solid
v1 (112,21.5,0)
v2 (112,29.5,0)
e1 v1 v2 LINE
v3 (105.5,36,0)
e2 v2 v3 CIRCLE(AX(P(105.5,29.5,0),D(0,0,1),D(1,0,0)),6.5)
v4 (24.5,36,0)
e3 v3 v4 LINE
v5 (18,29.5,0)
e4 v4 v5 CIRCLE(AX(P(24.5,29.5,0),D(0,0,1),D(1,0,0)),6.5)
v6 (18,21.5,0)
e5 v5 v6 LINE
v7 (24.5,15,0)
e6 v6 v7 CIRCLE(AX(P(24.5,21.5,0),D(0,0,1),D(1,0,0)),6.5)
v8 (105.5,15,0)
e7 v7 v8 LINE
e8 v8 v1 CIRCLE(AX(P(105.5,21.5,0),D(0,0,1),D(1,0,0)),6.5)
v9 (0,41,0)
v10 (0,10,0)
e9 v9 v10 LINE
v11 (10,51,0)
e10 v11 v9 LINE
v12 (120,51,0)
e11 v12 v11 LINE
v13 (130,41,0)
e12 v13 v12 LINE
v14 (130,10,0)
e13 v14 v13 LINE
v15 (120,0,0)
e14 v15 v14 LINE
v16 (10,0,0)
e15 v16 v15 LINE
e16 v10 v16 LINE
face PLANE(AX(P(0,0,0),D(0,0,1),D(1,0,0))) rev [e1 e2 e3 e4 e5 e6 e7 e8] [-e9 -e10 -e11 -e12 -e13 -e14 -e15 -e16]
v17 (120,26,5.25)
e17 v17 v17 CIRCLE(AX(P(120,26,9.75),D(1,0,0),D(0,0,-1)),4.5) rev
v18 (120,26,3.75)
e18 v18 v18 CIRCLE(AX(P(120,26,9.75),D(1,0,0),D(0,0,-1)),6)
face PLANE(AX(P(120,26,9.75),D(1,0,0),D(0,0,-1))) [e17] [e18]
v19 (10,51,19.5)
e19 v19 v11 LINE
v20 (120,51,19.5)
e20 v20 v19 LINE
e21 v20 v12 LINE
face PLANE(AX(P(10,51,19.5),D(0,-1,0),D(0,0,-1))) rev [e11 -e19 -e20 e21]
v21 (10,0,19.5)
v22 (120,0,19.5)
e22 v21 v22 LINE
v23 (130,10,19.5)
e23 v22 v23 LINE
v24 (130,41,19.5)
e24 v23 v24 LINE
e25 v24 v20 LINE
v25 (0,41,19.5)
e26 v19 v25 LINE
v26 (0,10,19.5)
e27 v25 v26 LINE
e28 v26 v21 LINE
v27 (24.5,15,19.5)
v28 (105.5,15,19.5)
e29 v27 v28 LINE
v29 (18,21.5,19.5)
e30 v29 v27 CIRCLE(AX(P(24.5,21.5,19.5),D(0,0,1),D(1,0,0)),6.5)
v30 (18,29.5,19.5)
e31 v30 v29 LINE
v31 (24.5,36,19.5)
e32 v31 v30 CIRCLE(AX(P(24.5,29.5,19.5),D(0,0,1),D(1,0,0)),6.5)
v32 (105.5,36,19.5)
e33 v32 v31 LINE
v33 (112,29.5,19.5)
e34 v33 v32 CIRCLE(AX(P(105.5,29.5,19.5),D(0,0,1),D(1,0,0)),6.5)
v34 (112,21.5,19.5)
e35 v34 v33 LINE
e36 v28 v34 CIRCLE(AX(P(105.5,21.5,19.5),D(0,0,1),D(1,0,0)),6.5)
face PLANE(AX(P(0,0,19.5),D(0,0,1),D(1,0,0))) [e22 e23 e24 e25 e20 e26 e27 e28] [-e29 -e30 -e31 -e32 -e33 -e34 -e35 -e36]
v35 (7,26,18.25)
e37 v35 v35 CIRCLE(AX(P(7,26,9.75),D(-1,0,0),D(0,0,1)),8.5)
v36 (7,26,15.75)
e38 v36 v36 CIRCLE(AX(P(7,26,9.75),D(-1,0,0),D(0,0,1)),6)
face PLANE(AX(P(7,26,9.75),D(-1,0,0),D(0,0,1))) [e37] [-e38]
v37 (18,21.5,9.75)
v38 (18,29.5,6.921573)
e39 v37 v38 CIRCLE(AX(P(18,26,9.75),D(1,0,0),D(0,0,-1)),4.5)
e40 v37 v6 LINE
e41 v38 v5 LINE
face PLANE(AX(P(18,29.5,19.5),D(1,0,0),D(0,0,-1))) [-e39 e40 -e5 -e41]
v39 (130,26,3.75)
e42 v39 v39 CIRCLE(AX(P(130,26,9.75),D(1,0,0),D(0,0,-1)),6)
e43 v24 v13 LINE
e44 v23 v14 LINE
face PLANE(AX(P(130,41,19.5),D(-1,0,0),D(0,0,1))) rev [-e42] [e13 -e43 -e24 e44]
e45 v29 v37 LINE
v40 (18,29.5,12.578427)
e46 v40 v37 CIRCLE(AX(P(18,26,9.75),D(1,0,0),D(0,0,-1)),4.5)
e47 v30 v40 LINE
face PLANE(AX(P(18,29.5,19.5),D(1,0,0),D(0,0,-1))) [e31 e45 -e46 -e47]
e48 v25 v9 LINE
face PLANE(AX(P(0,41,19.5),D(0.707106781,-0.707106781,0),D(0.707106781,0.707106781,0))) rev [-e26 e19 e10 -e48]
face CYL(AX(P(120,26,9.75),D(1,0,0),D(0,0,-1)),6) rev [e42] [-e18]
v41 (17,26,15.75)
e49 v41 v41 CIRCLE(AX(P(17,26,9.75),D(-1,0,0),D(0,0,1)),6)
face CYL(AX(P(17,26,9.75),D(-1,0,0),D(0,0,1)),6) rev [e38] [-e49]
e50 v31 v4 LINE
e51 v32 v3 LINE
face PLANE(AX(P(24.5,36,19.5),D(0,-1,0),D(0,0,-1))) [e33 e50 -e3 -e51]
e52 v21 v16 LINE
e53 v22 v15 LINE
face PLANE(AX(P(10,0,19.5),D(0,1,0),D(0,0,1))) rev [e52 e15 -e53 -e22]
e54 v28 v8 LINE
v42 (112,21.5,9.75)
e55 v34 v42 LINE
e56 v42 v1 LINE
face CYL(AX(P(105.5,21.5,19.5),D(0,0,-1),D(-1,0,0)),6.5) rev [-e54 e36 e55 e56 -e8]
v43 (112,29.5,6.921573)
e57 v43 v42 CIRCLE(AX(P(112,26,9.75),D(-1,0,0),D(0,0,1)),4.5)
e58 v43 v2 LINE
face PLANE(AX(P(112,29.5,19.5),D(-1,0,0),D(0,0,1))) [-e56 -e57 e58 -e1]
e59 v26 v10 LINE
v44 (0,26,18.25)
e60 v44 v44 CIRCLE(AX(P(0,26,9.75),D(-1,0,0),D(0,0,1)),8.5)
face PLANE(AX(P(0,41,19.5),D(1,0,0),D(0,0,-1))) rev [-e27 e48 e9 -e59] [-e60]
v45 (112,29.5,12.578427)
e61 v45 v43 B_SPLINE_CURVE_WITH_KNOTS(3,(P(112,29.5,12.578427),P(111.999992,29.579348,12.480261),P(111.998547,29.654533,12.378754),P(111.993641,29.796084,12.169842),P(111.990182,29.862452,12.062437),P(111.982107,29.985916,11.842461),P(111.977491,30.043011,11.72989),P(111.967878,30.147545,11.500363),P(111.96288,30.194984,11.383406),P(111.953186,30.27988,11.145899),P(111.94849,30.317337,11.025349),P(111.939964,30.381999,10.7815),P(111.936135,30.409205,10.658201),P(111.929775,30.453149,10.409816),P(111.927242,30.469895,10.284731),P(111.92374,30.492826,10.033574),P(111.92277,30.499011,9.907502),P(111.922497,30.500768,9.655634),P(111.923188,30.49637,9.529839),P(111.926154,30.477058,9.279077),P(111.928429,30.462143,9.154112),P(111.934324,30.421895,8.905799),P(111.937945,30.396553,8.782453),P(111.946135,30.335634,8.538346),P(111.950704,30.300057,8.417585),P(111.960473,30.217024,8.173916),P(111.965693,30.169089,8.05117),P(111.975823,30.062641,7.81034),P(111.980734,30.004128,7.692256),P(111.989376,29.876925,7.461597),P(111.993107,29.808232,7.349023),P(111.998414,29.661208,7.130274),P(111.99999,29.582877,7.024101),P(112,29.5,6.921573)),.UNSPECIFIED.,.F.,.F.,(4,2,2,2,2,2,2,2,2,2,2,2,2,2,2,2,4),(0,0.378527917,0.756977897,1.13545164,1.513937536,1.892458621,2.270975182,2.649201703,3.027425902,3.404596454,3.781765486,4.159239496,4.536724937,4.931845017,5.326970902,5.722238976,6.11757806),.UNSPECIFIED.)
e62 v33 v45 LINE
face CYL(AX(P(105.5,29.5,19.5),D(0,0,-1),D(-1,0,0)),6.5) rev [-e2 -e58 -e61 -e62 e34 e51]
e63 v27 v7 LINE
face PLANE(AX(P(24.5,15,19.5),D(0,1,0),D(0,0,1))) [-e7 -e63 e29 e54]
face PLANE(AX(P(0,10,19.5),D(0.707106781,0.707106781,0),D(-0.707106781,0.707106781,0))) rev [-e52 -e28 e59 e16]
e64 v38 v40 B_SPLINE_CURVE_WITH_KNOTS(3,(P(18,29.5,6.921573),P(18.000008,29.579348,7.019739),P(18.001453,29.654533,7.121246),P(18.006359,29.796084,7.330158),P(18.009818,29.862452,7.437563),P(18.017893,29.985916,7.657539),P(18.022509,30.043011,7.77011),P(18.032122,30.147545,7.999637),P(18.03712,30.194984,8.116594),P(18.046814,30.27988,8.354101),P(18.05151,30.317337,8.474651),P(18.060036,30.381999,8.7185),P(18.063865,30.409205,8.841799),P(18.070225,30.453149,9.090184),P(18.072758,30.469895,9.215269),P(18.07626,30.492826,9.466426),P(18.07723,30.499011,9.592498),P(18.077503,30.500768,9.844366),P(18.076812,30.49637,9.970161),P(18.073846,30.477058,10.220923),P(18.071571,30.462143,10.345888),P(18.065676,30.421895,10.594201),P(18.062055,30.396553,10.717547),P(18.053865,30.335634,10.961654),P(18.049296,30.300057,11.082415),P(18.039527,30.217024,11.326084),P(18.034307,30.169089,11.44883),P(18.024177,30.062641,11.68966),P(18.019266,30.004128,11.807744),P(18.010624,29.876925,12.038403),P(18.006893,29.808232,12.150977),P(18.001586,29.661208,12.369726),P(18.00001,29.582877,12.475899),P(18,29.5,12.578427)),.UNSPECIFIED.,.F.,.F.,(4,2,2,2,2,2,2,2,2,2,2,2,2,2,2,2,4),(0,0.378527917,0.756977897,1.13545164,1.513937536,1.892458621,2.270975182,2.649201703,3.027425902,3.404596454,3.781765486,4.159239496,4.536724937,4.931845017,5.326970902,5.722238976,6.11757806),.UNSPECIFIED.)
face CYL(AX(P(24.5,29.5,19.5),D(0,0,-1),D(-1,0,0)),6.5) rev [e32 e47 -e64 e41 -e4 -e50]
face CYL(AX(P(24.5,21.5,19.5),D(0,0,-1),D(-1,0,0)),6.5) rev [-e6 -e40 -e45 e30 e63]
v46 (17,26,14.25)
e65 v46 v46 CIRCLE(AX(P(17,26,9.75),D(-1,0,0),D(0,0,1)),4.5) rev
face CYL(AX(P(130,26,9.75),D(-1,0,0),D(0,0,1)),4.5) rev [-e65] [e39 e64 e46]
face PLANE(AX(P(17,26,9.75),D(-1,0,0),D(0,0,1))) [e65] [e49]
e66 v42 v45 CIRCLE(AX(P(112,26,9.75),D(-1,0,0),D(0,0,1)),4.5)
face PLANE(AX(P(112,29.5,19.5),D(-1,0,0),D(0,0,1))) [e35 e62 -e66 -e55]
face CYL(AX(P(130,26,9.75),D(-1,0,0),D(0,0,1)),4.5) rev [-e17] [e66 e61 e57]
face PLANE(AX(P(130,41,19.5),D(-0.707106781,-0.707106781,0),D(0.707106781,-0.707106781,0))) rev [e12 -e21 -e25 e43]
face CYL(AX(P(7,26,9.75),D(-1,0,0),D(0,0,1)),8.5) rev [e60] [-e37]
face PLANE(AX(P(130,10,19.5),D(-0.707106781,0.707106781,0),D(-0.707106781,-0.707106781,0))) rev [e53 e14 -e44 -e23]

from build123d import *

# Parameters (mm, degrees)
BOSS_EXTRUDE1_DEPTH = 19.5
SKETCH2_R           = 8.5
CUT_EXTRUDE2_DEPTH  = 7
SKETCH3_R           = 4.5
CUT_EXTRUDE3_DEPTH  = 142.000886522
SKETCH5_R           = 6
CUT_EXTRUDE4_DEPTH  = 10
CUT_EXTRUDE5_START  = -10
SKETCH6_R           = 6
CUT_EXTRUDE5_DEPTH  = 10


with BuildPart() as part:
    # Model → Boss-Extrude1 (new body)
    with BuildSketch(Plane.XY):
        Polygon((0, 41), (0, 10), (10, 0), (120, 0), (130, 10), (130, 41), (120, 51), (10, 51), align=None)
        with BuildLine():
            Line((24.5, 15), (105.5, 15))
            ThreePointArc((105.5, 15), (110.096194078, 16.903805922), (112, 21.5))
            Line((112, 21.5), (112, 29.5))
            ThreePointArc((112, 29.5), (110.096194078, 34.096194078), (105.5, 36))
            Line((105.5, 36), (24.5, 36))
            ThreePointArc((24.5, 36), (19.903805922, 34.096194078), (18, 29.5))
            Line((18, 29.5), (18, 21.5))
            ThreePointArc((18, 21.5), (19.903805922, 16.903805922), (24.5, 15))
        make_face(mode=Mode.SUBTRACT)
    extrude(amount=BOSS_EXTRUDE1_DEPTH)

    # Sketch2 → Cut-Extrude2 (cut)
    with BuildSketch(Plane.ZY):
        with Locations((9.75, 26)):
            Circle(SKETCH2_R)
    extrude(amount=-CUT_EXTRUDE2_DEPTH, mode=Mode.SUBTRACT)

    # Sketch3 → Cut-Extrude3 (cut, through all)
    with BuildSketch(Plane.ZY):
        with Locations((9.75, 26)):
            Circle(SKETCH3_R)
    extrude(amount=-CUT_EXTRUDE3_DEPTH, mode=Mode.SUBTRACT)

    # Sketch5 → Cut-Extrude4 (cut)
    with BuildSketch(Plane.ZY.offset(-7)):
        with Locations((9.75, 26)):
            Circle(SKETCH5_R)
    extrude(amount=-CUT_EXTRUDE4_DEPTH, mode=Mode.SUBTRACT)

    # Sketch6 → Cut-Extrude5 (cut)
    with BuildSketch(Plane(origin=(130, 0, 0), x_dir=(0, 0, -1), z_dir=(1, 0, 0)).offset(CUT_EXTRUDE5_START)):
        with Locations(Location((-9.75, 26, 0), (0, 0, 180))):
            Circle(SKETCH6_R)
    extrude(amount=CUT_EXTRUDE5_DEPTH, mode=Mode.SUBTRACT)


solid = part.part
